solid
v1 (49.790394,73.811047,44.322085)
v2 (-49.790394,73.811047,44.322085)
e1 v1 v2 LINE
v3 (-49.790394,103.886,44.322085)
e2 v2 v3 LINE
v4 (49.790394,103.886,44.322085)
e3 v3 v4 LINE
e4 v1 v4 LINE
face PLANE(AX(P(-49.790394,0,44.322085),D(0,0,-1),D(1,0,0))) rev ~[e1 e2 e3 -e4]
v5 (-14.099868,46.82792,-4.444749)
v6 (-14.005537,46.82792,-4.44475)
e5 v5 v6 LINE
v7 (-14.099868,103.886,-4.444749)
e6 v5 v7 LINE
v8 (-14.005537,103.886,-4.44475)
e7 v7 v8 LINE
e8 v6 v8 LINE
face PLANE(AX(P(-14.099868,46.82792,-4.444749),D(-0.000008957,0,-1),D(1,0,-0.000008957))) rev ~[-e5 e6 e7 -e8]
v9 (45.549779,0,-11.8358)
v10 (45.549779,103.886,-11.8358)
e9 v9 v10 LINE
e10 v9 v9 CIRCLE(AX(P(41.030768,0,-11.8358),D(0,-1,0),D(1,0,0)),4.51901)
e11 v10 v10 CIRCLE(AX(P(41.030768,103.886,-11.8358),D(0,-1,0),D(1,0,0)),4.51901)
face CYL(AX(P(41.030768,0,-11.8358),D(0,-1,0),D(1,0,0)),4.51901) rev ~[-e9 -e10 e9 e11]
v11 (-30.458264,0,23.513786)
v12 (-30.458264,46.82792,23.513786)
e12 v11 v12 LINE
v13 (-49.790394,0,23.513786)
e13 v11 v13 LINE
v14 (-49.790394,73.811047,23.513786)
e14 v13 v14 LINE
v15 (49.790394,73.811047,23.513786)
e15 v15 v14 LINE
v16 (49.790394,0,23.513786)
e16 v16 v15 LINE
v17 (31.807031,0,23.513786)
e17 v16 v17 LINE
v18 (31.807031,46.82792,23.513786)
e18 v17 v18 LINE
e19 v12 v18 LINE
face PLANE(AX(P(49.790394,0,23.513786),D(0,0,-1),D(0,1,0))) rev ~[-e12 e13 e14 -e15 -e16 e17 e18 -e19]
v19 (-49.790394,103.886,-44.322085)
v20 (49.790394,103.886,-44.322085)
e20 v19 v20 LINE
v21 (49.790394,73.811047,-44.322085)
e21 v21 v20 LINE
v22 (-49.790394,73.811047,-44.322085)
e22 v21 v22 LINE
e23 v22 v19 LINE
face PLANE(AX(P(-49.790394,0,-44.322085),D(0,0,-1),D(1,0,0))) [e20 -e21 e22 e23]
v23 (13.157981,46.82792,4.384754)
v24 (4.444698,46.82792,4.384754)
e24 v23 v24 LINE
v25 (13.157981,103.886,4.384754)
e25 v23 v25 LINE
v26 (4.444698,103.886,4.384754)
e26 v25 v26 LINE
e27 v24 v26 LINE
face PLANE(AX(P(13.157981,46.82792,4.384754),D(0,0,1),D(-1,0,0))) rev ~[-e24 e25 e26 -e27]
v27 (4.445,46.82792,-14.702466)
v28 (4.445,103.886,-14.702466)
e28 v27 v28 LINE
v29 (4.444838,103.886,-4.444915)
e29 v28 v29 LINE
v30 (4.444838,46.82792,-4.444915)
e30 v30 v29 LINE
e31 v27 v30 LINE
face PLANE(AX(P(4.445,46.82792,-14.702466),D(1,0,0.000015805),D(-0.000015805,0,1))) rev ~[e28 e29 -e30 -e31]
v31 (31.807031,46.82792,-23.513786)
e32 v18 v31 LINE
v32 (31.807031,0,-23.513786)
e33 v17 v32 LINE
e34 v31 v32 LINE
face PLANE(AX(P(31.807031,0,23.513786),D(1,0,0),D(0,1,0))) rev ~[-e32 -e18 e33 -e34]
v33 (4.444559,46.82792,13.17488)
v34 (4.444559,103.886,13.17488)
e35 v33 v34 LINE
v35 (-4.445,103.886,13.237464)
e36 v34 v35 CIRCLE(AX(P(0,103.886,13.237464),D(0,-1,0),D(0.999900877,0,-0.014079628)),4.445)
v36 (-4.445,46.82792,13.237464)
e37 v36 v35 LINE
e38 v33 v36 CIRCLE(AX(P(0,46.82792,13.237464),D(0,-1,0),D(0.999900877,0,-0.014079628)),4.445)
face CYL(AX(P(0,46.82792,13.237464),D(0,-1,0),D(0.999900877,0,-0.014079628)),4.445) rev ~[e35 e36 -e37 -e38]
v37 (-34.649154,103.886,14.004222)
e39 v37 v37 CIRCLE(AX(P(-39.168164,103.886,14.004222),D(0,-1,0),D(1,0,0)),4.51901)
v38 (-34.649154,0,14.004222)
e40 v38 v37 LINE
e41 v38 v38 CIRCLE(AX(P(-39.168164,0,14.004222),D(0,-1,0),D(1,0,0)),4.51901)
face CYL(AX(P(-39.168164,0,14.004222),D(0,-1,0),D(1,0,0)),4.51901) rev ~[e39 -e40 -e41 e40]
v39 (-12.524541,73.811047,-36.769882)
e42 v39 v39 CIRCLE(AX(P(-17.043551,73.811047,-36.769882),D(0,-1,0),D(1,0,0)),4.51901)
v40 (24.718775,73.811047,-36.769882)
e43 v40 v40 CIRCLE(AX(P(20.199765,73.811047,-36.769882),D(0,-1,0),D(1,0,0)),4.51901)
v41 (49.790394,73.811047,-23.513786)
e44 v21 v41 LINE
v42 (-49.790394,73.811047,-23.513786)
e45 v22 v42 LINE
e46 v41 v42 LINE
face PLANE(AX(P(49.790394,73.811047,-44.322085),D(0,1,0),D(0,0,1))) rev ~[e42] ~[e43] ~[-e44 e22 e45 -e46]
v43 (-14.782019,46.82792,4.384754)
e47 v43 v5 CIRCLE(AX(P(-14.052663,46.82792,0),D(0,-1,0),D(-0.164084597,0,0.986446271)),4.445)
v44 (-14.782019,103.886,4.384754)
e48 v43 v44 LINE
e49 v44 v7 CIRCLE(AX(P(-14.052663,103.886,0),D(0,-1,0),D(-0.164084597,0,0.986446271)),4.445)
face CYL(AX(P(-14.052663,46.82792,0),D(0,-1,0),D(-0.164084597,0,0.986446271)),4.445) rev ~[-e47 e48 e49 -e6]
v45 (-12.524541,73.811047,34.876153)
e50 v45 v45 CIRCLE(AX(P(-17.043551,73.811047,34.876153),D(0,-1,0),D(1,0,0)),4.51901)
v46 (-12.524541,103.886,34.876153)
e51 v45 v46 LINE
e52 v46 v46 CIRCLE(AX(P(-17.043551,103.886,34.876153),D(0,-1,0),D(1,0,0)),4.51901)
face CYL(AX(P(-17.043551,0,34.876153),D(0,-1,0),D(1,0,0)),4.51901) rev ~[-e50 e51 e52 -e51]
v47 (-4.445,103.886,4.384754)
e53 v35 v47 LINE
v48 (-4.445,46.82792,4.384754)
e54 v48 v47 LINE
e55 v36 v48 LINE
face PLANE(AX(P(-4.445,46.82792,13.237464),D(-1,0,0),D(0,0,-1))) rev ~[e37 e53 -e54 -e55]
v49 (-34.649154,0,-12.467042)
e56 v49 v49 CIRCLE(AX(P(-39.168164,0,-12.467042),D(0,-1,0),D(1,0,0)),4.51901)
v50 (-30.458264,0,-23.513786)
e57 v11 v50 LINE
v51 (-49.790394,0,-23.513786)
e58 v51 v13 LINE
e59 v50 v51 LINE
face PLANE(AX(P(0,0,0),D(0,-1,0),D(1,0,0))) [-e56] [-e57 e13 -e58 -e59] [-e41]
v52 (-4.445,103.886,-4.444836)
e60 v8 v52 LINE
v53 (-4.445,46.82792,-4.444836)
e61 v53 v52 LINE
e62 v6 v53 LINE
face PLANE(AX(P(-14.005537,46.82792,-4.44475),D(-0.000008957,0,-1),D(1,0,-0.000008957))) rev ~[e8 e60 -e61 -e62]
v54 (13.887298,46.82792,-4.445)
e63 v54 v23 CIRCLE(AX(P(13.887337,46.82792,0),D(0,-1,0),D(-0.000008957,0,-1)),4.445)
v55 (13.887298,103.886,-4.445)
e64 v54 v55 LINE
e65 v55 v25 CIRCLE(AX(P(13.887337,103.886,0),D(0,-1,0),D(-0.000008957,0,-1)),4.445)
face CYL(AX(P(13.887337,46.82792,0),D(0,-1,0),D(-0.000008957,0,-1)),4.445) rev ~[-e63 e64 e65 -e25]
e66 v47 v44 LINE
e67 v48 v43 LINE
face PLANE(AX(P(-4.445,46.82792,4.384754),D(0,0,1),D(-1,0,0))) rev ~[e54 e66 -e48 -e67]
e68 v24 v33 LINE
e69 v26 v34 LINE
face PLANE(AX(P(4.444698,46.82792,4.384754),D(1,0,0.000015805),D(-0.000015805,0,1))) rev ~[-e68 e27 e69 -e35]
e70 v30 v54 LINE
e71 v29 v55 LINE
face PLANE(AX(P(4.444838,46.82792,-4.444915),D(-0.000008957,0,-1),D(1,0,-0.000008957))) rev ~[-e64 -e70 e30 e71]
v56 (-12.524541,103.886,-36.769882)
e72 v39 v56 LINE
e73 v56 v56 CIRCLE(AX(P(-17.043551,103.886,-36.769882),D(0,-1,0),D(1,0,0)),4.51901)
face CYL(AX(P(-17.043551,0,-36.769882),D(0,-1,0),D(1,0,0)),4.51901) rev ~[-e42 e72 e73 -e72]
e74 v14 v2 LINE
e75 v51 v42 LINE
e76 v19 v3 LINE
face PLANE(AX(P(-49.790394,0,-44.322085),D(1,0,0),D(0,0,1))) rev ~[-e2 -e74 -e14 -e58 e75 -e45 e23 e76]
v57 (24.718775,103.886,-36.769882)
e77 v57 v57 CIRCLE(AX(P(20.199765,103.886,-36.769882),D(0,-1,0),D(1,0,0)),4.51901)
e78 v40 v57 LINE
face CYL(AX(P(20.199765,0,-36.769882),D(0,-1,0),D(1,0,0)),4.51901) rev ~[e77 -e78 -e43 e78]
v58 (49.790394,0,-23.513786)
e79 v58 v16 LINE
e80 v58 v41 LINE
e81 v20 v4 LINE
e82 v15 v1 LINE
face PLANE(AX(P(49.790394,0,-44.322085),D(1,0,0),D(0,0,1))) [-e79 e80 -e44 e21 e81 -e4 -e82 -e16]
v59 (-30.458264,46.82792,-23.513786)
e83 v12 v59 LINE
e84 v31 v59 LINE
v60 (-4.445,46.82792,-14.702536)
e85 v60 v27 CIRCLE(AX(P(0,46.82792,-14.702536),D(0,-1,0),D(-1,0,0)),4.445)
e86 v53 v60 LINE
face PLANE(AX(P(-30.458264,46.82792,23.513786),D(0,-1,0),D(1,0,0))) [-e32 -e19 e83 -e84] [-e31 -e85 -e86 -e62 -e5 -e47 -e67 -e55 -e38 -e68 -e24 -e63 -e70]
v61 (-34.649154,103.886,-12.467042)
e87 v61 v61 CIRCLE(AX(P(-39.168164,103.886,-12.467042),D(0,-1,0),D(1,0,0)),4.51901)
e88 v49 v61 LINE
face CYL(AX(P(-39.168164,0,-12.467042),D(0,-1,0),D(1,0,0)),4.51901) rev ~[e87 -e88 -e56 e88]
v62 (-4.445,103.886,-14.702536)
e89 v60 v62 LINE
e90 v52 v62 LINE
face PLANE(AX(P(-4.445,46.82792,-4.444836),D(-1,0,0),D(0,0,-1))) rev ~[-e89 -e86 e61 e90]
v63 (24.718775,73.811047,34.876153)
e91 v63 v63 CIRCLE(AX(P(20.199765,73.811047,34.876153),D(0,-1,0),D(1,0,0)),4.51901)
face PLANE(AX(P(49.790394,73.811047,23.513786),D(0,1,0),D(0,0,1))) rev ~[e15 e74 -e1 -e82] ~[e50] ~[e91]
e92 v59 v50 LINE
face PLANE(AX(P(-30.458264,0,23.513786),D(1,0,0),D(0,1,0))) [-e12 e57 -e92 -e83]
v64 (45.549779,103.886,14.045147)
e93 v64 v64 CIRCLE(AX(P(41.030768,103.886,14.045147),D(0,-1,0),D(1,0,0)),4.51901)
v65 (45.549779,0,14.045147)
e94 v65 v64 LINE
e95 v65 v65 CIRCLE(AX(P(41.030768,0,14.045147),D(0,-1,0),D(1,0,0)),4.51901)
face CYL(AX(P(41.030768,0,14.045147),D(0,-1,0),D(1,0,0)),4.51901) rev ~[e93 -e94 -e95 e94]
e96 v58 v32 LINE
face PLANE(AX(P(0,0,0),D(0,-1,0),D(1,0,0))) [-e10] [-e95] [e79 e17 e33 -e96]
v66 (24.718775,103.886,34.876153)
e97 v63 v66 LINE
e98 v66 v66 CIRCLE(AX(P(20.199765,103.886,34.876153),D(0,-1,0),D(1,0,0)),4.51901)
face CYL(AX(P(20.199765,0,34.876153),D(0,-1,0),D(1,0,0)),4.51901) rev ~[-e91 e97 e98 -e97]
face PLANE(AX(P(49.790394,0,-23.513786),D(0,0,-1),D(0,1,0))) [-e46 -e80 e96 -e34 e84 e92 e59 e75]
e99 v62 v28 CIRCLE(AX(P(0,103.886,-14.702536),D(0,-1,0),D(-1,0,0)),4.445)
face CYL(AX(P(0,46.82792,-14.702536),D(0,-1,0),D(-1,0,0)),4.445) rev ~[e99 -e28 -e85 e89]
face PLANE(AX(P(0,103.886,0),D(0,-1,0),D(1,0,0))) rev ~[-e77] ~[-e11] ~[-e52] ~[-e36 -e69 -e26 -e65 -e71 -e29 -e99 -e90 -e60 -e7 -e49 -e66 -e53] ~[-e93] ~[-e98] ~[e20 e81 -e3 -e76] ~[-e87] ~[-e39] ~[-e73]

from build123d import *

# Parameters (mm, degrees)
F0_W     = 99.5807871222
F0_H     = 88.644169271
F1_DEPTH = 103.886
F2_W     = 73.8110467792
F2_H     = 20.8082981408
F3_DEPTH = 202.184
F4_R     = 4.5190102714
F5_DEPTH = 183.388
F6_W     = 62.2652955353
F6_H     = 46.8279197812
F7_DEPTH = 52.07
F9_DEPTH = 124.46


with BuildPart() as f1:
    # F0 (on Front) → F1 (new body)
    with BuildSketch(Plane.XZ):
        Rectangle(F0_W, F0_H)
    extrude(amount=-F1_DEPTH)

    # F2 (on face) → F3 (cut)
    with BuildSketch(Plane.YZ.offset(49.7903935611)):
        with Locations((36.9055233896, 33.9179355651)):
            Rectangle(F2_W, F2_H)
        with Locations((36.9055233896, -33.9179355651)):
            Rectangle(F2_W, F2_H)
    extrude(amount=-F3_DEPTH, mode=Mode.SUBTRACT)

    # F4 (on Front) → F5 (cut)
    with BuildSketch(Plane.XZ):
        with Locations((-17.0435514301, 34.876152873)):
            Circle(F4_R)
        with Locations((20.1997645199, 34.876152873)):
            Circle(F4_R)
        with Locations((-17.0435514301, -36.7698818445)):
            Circle(F4_R)
        with Locations((20.1997645199, -36.7698818445)):
            Circle(F4_R)
        with Locations((-39.168164134, 14.0042221174)):
            Circle(F4_R)
        with Locations((-39.168164134, -12.4670416117)):
            Circle(F4_R)
        with Locations((41.0307683051, 14.0451472253)):
            Circle(F4_R)
        with Locations((41.0307683051, -11.8357995525)):
            Circle(F4_R)
    extrude(amount=-F5_DEPTH, mode=Mode.SUBTRACT)

    # F6 (on face) → F7 (cut)
    with BuildSketch(Plane.XY.offset(23.5137864947)):
        with Locations((0.6743837148, 23.4139598906)):
            Rectangle(F6_W, F6_H)
    extrude(amount=-F7_DEPTH, mode=Mode.SUBTRACT)

    # F8 (on face) → F9 (cut)
    with BuildSketch(Plane.XZ.offset(-46.8279197812)):
        with BuildLine():
            Line((-4.445, 4.3847536734), (-14.7820186248, 4.3847536734))
            ThreePointArc((-14.7820186248, 4.3847536734), (-18.4844560039, -0.342391801), (-14.0998682729, -4.4447493319))
            Line((-14.0998682729, -4.4447493319), (-14.0055365282, -4.4447501768))
            Line((-14.0055365282, -4.4447501768), (-4.445, -4.444835806))
            Line((-4.445, -4.444835806), (-4.445, -14.7025363844))
            ThreePointArc((-4.445, -14.7025363844), (3.51265e-05, -19.1475363843), (4.4449999994, -14.7024661314))
            Line((4.4449999994, -14.7024661314), (4.4448378792, -4.4449154281))
            Line((4.4448378792, -4.4449154281), (13.8872975972, -4.4449999998))
            ThreePointArc((13.8872975972, -4.4449999998), (18.3172518615, 0.3659001816), (13.1579813752, 4.3847536734))
            Line((13.1579813752, 4.3847536734), (4.4446983265, 4.3847536734))
            Line((4.4446983265, 4.3847536734), (4.4445593988, 13.1748796689))
            ThreePointArc((4.4445593988, 13.1748796689), (0.0312927488, 17.6823534639), (-4.445, 13.2374636156))
            Line((-4.445, 13.2374636156), (-4.445, 4.3847536734))
        make_face()
    extrude(amount=-F9_DEPTH, mode=Mode.SUBTRACT)


solid = f1.part
